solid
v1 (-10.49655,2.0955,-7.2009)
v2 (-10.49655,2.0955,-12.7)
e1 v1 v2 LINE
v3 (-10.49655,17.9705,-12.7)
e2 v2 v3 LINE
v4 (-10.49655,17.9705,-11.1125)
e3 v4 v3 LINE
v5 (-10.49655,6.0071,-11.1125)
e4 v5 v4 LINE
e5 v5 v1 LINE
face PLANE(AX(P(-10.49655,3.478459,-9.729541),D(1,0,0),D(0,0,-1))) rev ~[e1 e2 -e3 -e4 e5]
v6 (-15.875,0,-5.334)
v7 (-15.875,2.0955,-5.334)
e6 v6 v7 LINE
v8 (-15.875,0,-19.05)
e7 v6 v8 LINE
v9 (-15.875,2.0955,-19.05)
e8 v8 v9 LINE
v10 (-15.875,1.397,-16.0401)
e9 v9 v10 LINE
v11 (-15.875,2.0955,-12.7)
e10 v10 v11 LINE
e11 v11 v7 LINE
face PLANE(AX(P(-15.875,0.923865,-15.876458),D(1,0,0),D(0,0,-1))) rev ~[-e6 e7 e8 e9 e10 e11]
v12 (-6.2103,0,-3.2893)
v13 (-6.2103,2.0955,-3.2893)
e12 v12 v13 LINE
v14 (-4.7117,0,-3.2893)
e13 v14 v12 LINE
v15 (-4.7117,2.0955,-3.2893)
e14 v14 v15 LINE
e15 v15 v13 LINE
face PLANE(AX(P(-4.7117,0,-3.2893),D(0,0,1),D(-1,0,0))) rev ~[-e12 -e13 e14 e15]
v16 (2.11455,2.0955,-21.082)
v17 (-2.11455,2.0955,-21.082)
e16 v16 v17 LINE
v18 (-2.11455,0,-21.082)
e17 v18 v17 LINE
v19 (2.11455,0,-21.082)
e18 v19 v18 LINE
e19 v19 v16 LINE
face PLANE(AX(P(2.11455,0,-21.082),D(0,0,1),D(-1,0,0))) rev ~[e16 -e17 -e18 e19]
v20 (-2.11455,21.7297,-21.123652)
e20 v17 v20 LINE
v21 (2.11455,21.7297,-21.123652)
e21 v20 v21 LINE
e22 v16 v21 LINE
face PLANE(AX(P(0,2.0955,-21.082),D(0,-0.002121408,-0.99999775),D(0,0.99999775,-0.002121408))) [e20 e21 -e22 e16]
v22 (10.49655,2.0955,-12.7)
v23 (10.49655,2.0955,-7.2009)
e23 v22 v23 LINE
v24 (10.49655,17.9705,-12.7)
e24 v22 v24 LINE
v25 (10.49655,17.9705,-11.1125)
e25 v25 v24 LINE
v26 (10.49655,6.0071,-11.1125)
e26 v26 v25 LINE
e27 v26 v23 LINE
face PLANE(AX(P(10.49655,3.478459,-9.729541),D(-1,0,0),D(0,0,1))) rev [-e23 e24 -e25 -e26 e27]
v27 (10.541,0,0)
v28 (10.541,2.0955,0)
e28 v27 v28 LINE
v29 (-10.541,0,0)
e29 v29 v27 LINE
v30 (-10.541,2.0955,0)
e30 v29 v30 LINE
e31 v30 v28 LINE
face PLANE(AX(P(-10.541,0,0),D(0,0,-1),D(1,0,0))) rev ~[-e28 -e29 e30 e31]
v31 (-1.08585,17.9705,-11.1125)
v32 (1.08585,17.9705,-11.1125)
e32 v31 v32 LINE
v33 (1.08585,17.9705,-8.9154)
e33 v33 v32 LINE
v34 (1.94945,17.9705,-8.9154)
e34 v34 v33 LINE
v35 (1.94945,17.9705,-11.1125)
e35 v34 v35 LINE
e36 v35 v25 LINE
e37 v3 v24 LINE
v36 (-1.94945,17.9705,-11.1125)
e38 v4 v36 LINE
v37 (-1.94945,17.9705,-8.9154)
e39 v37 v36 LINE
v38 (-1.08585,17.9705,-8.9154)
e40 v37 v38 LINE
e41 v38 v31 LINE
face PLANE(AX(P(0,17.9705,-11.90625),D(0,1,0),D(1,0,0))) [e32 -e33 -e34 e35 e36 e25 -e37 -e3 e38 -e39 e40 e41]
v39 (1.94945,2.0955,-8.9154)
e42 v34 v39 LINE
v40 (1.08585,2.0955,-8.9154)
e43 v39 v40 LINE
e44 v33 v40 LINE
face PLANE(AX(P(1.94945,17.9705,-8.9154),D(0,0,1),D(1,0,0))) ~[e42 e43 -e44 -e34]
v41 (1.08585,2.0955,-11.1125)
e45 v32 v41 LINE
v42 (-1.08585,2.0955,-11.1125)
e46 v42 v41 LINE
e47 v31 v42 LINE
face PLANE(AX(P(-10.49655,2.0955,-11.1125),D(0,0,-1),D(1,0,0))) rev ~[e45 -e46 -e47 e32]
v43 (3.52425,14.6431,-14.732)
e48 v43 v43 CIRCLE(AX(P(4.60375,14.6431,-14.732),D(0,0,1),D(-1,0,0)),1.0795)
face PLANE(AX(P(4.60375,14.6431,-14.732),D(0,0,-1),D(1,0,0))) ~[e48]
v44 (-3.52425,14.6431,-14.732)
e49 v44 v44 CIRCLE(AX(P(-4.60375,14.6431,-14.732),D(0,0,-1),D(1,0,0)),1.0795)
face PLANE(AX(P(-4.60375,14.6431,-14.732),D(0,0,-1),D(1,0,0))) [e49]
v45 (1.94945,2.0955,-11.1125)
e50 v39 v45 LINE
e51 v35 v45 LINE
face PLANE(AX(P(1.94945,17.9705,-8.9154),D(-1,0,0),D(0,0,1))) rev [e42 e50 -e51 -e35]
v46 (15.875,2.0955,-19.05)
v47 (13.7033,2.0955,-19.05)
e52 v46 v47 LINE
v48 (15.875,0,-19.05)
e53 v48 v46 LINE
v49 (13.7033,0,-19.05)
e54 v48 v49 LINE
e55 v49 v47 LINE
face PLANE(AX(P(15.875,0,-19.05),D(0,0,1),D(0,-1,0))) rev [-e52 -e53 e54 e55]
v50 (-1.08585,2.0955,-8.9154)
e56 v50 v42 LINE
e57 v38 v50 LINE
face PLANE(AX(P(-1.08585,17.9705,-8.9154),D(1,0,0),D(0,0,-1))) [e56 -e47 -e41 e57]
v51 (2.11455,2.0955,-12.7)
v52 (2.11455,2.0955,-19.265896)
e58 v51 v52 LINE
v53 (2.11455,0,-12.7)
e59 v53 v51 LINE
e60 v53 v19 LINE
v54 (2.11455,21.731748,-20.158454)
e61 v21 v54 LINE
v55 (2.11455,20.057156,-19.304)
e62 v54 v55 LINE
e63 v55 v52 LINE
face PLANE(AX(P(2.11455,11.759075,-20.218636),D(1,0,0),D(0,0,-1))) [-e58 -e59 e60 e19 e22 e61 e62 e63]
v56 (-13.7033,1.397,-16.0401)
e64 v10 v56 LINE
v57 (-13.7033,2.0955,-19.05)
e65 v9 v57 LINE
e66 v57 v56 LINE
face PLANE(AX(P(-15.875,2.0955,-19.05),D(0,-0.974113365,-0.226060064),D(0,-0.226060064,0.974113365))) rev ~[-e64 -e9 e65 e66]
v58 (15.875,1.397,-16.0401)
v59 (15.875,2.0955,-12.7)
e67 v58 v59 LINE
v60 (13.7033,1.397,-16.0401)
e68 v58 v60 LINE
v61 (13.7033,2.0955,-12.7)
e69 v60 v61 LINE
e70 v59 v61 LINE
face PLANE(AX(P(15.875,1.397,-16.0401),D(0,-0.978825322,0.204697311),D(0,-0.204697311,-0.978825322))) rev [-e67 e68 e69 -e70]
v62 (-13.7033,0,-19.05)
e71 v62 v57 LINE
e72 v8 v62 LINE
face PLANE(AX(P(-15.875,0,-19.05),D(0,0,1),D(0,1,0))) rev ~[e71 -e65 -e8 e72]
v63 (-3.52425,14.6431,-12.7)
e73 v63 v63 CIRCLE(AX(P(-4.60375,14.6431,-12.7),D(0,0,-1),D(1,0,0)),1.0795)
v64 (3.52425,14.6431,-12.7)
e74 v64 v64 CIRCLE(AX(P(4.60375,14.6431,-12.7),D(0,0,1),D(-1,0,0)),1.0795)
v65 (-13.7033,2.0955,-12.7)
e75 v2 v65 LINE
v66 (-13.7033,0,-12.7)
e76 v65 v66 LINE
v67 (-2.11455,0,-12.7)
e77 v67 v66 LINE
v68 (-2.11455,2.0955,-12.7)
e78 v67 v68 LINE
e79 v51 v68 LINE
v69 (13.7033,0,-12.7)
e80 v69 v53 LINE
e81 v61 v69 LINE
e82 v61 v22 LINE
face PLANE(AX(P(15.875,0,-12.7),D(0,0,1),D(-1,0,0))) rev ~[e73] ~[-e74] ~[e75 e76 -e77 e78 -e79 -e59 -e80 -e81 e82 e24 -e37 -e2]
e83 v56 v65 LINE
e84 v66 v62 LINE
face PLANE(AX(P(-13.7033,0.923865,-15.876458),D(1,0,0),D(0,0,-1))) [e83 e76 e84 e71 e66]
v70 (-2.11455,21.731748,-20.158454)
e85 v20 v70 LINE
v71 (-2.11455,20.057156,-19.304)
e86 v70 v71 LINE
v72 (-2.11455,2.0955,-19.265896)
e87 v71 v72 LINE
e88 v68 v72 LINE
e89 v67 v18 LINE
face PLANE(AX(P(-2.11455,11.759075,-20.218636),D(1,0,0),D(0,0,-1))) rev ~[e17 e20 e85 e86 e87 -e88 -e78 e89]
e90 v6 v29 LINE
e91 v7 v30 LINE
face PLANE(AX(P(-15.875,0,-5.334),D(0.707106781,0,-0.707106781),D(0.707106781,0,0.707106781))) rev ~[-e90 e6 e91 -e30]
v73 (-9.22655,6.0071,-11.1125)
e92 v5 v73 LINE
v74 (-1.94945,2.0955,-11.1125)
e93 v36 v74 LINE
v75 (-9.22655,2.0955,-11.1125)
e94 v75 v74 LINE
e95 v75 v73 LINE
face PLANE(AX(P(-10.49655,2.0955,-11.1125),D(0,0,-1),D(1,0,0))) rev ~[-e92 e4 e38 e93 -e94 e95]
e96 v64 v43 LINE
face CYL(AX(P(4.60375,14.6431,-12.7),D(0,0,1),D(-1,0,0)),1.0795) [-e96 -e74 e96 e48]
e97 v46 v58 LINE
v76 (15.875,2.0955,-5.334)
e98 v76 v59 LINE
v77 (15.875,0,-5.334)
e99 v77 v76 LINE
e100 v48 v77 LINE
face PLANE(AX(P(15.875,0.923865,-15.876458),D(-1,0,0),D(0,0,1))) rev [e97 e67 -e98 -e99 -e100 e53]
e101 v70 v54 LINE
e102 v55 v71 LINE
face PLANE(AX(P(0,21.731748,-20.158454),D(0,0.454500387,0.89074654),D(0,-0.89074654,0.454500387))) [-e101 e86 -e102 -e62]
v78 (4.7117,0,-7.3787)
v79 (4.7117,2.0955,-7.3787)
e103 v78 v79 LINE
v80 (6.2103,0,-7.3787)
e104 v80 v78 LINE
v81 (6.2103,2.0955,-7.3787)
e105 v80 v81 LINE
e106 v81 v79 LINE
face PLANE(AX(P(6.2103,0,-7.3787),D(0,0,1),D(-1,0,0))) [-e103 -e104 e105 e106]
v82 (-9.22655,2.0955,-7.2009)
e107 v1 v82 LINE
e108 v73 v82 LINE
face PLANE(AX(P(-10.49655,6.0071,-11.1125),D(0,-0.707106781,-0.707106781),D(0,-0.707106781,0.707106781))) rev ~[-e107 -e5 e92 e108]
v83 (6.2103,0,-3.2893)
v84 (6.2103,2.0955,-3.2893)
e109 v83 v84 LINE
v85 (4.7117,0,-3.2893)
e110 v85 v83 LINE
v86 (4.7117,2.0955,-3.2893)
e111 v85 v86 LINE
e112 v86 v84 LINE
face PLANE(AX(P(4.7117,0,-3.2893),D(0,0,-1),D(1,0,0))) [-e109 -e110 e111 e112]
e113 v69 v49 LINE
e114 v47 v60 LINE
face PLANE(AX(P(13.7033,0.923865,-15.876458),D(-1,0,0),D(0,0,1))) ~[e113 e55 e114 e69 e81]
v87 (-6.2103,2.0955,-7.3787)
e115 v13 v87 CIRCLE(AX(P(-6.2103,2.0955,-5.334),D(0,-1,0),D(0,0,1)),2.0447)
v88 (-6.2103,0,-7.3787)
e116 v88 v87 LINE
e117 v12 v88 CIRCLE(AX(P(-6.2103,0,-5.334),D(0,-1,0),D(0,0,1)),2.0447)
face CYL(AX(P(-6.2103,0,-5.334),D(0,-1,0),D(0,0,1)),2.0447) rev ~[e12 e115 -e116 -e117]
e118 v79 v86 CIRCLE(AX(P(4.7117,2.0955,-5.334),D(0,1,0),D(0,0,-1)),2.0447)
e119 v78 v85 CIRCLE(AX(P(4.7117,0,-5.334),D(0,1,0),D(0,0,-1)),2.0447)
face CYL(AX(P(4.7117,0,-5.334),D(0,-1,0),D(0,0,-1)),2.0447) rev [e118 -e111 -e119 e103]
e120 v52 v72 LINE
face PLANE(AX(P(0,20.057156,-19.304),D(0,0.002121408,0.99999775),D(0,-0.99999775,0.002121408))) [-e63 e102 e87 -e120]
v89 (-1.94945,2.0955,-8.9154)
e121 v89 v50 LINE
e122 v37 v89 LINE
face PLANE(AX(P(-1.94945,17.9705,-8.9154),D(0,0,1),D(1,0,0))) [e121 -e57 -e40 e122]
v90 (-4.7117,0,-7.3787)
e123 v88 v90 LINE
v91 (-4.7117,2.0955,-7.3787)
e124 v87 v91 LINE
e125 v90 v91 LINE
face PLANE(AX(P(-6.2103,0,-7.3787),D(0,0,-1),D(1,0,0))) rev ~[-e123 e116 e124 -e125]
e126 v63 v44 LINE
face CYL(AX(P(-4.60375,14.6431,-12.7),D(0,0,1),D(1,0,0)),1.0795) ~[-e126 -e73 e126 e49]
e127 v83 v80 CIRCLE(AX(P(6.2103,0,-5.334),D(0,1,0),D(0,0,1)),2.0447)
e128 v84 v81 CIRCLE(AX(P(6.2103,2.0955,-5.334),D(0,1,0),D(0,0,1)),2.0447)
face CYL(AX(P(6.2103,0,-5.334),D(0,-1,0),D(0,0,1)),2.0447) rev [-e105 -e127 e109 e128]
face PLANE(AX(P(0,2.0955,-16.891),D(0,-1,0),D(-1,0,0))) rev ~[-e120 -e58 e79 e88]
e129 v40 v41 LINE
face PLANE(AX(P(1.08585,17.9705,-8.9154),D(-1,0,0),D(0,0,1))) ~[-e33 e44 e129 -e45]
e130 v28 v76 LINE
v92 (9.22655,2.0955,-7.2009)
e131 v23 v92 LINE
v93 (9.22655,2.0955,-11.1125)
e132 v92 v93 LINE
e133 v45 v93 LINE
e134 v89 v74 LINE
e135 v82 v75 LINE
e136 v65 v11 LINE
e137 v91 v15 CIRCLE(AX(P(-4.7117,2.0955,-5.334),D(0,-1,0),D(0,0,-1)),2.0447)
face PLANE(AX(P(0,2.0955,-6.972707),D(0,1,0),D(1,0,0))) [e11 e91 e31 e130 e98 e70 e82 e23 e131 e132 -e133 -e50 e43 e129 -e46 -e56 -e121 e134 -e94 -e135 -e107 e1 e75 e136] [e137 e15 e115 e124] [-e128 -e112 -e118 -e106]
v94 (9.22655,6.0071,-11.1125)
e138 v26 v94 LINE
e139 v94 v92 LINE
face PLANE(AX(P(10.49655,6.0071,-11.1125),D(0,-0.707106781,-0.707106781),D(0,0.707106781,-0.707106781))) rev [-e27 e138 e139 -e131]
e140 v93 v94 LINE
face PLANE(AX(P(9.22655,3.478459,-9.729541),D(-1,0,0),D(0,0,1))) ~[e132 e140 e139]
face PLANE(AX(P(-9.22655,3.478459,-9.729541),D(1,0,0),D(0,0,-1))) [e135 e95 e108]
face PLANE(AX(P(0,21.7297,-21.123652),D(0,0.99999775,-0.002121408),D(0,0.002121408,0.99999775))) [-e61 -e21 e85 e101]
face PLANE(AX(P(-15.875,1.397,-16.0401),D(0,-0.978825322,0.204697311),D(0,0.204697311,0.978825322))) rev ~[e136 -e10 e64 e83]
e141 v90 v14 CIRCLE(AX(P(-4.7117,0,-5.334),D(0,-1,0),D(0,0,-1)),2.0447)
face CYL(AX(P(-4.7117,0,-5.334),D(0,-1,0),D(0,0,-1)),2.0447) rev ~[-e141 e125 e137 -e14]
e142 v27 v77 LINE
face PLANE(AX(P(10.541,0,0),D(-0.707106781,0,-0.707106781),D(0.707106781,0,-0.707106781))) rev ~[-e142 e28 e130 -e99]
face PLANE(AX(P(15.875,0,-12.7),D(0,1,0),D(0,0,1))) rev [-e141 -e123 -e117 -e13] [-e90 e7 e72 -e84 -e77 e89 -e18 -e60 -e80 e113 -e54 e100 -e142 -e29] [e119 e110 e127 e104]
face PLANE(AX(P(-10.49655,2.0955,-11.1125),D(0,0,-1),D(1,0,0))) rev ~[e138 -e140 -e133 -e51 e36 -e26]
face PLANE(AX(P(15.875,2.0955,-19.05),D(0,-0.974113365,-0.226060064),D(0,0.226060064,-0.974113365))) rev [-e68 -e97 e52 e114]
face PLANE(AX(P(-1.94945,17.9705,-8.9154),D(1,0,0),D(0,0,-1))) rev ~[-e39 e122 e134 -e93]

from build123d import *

# Parameters (mm, degrees)
BOSS_EXTRUDE1_DEPTH = 2.0955
SKETCH2_W           = 20.9931
SKETCH2_H           = 1.5875
BOSS_EXTRUDE2_DEPTH = 15.875
BOSS_EXTRUDE3_DEPTH = 1.27
SKETCH5_W           = 0.8636
SKETCH5_H           = 2.1971
BOSS_EXTRUDE4_DEPTH = 15.875
SKETCH6_R           = 1.0795
BOSS_EXTRUDE5_DEPTH = 2.032
BOSS_EXTRUDE6_DEPTH = 2.1717
SKETCH8_W           = 4.2291
SKETCH8_H           = 8.382
BOSS_EXTRUDE7_DEPTH = 2.0955
BOSS_EXTRUDE8_DEPTH = 2.11455


with BuildPart() as part:
    # Sketch1 → Boss-Extrude1 (new body)
    with BuildSketch(Plane(origin=(0, 0, 0), x_dir=(1, 0, 0), z_dir=(0, 1, 0))):
        Polygon((10.541, 0), (15.875, 5.334), (15.875, 12.7), (-15.875, 12.7), (-15.875, 5.334), (-10.541, 0), align=None)
        with BuildLine():
            Line((-6.2103, 7.3787), (-4.7117, 7.3787))
            ThreePointArc((-4.7117, 7.3787), (-2.667, 5.334), (-4.7117, 3.2893))
            Line((-4.7117, 3.2893), (-6.2103, 3.2893))
            ThreePointArc((-6.2103, 3.2893), (-8.255, 5.334), (-6.2103, 7.3787))
        make_face(mode=Mode.SUBTRACT)
        with BuildLine():
            Line((6.2103, 7.3787), (4.7117, 7.3787))
            ThreePointArc((4.7117, 7.3787), (2.667, 5.334), (4.7117, 3.2893))
            Line((4.7117, 3.2893), (6.2103, 3.2893))
            ThreePointArc((6.2103, 3.2893), (8.255, 5.334), (6.2103, 7.3787))
        make_face(mode=Mode.SUBTRACT)
    extrude(amount=BOSS_EXTRUDE1_DEPTH)

    # Sketch2 → Boss-Extrude2 (add)
    with BuildSketch(Plane(origin=(0, 2.0955, 0), x_dir=(1, 0, 0), z_dir=(0, 1, 0))):
        with Locations((0, 11.90625)):
            Rectangle(SKETCH2_W, SKETCH2_H)
    extrude(amount=BOSS_EXTRUDE2_DEPTH)

    # Sketch4 → Boss-Extrude3 (add)
    with BuildSketch(Plane.ZY.offset(10.49655)):
        Polygon((-11.1125, 6.0071), (-7.2009, 2.0955), (-11.1125, 2.0955), align=None)
    boss_extrude3 = extrude(amount=-BOSS_EXTRUDE3_DEPTH)

    # Sketch5 → Boss-Extrude4 (add)
    with BuildSketch(Plane(origin=(0, 17.9705, 0), x_dir=(1, 0, 0), z_dir=(0, 1, 0))):
        with Locations((-1.51765, 10.01395)):
            Rectangle(SKETCH5_W, SKETCH5_H)
    boss_extrude4 = extrude(amount=-BOSS_EXTRUDE4_DEPTH)

    # Sketch6 → Boss-Extrude5 (add)
    with BuildSketch(Plane(origin=(0, 0, -12.7), x_dir=(-1, 0, 0), z_dir=(0, 0, -1))):
        with Locations(Location((4.60375, 14.6431, 0), (0, 0, 180))):
            Circle(SKETCH6_R)
    boss_extrude5 = extrude(amount=BOSS_EXTRUDE5_DEPTH)

    # Sketch7 → Boss-Extrude6 (add)
    with BuildSketch(Plane.ZY.offset(15.875)):
        Polygon((-12.7, 0), (-19.05, 0), (-19.05, 2.0955), (-16.0401, 1.397), (-12.7, 2.0955), align=None)
    boss_extrude6 = extrude(amount=-BOSS_EXTRUDE6_DEPTH)

    # Mirror1: Boss-Extrude3, Boss-Extrude4, Boss-Extrude5, Boss-Extrude6 across plane
    add(boss_extrude3.mirror(Plane(origin=(0, 0, 0), x_dir=(0, 0, 1), z_dir=(1, 0, 0))))
    add(boss_extrude4.mirror(Plane(origin=(0, 0, 0), x_dir=(0, 0, 1), z_dir=(1, 0, 0))))
    add(boss_extrude5.mirror(Plane(origin=(0, 0, 0), x_dir=(0, 0, 1), z_dir=(1, 0, 0))))
    add(boss_extrude6.mirror(Plane(origin=(0, 0, 0), x_dir=(0, 0, 1), z_dir=(1, 0, 0))))

    # Sketch8 → Boss-Extrude7 (add)
    with BuildSketch(Plane(origin=(0, 0, 0), x_dir=(-1, 0, 0), z_dir=(0, -1, 0))):
        with Locations((0, 16.891)):
            Rectangle(SKETCH8_W, SKETCH8_H)
    extrude(amount=-BOSS_EXTRUDE7_DEPTH)

    # Sketch9 → Boss-Extrude8 (add, symmetric)
    with BuildSketch(Plane(origin=(0, 0, 0), x_dir=(0, 0, -1), z_dir=(1, 0, 0))):
        Polygon((21.082, 2.0955), (21.123652242, 21.7297), (20.158454414, 21.731747583), (19.304, 20.057156461), (19.265895913, 2.0955), align=None)
    extrude(amount=BOSS_EXTRUDE8_DEPTH, both=True)


solid = part.part
